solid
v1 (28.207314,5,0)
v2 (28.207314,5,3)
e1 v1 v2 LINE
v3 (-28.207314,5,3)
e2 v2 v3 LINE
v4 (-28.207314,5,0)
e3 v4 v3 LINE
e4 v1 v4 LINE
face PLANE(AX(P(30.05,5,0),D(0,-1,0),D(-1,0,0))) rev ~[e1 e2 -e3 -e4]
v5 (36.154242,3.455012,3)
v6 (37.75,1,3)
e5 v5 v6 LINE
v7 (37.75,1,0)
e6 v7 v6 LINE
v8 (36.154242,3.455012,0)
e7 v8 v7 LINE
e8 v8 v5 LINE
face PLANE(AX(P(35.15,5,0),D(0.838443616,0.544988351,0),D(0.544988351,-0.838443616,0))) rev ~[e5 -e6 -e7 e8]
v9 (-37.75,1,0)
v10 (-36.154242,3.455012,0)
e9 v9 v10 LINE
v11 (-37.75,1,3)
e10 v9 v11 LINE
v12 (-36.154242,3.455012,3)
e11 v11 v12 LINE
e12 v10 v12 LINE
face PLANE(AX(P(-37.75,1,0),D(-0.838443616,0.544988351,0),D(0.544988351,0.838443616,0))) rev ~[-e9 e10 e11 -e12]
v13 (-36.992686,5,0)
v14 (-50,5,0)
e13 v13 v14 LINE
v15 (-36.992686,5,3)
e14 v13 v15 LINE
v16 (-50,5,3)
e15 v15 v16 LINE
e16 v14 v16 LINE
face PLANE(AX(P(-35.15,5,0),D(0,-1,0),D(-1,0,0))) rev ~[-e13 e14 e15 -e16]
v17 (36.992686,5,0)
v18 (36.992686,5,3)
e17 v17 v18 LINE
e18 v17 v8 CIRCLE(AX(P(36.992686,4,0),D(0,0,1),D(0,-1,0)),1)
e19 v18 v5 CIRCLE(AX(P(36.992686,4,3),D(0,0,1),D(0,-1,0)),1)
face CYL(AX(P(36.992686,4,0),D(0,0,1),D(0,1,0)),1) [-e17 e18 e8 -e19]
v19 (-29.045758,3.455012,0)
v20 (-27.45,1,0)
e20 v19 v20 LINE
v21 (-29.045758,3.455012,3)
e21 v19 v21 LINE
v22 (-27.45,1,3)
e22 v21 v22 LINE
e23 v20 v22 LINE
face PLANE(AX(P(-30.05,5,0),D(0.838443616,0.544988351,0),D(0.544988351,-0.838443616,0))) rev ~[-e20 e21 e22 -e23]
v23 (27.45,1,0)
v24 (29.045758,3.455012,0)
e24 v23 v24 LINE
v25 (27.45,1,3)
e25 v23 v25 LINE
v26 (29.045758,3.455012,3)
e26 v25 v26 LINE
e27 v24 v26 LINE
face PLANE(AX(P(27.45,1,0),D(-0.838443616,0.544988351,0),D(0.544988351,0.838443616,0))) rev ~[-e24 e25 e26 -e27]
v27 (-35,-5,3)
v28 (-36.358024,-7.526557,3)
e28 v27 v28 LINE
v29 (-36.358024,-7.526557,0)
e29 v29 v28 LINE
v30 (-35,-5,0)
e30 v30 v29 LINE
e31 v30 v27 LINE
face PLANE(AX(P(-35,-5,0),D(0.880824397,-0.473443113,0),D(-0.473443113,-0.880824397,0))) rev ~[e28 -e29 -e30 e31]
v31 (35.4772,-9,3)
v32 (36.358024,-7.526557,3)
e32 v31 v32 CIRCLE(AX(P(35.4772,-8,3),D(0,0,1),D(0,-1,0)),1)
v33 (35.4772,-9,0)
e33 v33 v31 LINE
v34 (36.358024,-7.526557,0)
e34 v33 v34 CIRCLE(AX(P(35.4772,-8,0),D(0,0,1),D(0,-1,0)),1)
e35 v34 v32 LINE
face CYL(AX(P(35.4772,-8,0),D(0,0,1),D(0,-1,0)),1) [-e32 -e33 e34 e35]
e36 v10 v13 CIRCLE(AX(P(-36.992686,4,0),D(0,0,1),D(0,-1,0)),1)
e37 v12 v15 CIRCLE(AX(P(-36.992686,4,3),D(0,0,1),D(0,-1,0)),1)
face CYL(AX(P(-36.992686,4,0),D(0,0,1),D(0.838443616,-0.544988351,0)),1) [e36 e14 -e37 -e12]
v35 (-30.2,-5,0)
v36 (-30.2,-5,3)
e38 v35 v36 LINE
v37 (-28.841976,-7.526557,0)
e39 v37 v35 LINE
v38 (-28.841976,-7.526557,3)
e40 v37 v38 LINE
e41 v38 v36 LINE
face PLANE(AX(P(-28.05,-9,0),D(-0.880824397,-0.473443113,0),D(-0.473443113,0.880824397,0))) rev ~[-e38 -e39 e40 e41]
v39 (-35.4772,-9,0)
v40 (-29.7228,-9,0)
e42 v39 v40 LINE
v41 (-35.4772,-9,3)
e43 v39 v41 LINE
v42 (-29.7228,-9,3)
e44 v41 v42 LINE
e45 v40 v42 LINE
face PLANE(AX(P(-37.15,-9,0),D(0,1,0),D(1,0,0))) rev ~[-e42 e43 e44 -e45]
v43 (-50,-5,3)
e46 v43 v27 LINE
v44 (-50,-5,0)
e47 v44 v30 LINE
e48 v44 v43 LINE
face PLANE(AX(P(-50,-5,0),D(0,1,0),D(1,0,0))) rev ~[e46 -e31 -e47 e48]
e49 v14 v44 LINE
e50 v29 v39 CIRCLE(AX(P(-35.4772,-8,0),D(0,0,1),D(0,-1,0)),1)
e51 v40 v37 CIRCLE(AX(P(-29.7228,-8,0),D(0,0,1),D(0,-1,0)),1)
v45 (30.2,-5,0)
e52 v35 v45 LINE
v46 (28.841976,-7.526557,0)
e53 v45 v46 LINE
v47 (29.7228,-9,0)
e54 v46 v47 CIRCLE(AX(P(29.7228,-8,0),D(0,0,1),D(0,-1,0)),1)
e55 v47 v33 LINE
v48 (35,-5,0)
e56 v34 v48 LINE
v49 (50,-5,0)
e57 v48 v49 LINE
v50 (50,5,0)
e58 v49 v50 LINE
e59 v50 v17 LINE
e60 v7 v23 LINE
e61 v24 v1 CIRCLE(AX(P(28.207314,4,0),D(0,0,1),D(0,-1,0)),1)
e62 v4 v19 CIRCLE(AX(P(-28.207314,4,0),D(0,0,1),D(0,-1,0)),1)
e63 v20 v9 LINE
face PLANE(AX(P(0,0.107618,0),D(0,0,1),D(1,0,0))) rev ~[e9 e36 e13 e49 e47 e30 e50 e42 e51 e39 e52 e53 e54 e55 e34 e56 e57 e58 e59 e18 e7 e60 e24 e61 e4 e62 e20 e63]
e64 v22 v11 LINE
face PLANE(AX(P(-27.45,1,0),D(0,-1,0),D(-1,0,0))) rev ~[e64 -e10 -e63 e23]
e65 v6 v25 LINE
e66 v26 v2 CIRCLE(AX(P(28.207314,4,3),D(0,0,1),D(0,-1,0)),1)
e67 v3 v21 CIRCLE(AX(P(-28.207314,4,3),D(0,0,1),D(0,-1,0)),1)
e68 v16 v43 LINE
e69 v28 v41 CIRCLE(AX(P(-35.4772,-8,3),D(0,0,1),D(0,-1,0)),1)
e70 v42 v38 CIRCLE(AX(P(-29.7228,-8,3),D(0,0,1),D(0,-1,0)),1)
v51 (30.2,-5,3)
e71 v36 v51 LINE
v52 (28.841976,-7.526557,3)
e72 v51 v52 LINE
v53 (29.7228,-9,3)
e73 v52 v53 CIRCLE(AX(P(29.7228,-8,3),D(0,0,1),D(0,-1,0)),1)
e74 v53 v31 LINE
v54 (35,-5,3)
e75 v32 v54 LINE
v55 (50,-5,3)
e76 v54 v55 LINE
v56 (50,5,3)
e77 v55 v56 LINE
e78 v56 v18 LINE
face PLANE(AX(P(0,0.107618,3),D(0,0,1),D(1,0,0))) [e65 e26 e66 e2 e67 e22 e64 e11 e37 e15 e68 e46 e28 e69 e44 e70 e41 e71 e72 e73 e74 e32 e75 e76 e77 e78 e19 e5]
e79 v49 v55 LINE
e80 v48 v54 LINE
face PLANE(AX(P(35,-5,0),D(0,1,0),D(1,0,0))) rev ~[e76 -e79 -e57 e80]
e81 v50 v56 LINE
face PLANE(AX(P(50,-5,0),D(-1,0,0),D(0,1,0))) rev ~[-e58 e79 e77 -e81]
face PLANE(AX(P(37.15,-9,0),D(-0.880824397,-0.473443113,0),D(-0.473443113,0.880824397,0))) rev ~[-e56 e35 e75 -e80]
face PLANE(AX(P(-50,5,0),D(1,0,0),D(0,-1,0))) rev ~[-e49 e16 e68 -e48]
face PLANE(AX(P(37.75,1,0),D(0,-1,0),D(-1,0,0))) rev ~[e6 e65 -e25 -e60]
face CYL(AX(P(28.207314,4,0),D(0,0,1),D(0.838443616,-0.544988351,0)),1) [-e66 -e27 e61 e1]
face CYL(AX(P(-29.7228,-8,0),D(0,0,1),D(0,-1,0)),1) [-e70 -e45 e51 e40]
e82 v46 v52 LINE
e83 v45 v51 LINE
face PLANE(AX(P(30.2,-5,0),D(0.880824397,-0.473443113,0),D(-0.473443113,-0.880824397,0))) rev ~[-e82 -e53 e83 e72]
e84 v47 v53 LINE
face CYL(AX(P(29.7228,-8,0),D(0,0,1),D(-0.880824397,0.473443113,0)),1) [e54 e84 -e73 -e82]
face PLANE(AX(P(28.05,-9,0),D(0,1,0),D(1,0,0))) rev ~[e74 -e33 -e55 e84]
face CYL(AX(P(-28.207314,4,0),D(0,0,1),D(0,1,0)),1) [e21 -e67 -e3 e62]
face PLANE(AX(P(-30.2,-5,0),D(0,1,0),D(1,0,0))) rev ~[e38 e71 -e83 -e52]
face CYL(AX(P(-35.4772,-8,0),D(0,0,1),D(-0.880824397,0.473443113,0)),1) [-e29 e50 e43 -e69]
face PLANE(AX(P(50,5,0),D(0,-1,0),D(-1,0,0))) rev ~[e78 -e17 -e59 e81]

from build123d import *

# Parameters (mm, degrees)
F1_DEPTH = 3
F2_R     = 1


with BuildPart() as f1:
    # F0 (on Top) → F1 (new body)
    with BuildSketch(Plane.XY):
        Polygon((35, -5), (50, -5), (50, 5), (35.15, 5), (37.75, 1), (27.45, 1), (30.05, 5), (-30.05, 5), (-27.45, 1), (-37.75, 1), (-35.15, 5), (-50, 5), (-50, -5), (-35, -5), (-30.2, -5), (30.2, -5), align=None)
        Polygon((-28.05, -9), (-30.2, -5), (-35, -5), (-37.15, -9), align=None)
        Polygon((37.15, -9), (35, -5), (30.2, -5), (28.05, -9), align=None)
    extrude(amount=F1_DEPTH)

    # F2
    f2_edges = [f1.edges().sort_by_distance(p)[0] for p in [
        (-28.05, -9, 1.5),
        (-37.15, -9, 1.5),
        (37.15, -9, 1.5),
        (28.05, -9, 1.5),
        (30.05, 5, 1.5),
        (-35.15, 5, 1.5),
        (-30.05, 5, 1.5),
        (35.15, 5, 1.5),
    ]]
    fillet(f2_edges, radius=F2_R)


solid = f1.part
